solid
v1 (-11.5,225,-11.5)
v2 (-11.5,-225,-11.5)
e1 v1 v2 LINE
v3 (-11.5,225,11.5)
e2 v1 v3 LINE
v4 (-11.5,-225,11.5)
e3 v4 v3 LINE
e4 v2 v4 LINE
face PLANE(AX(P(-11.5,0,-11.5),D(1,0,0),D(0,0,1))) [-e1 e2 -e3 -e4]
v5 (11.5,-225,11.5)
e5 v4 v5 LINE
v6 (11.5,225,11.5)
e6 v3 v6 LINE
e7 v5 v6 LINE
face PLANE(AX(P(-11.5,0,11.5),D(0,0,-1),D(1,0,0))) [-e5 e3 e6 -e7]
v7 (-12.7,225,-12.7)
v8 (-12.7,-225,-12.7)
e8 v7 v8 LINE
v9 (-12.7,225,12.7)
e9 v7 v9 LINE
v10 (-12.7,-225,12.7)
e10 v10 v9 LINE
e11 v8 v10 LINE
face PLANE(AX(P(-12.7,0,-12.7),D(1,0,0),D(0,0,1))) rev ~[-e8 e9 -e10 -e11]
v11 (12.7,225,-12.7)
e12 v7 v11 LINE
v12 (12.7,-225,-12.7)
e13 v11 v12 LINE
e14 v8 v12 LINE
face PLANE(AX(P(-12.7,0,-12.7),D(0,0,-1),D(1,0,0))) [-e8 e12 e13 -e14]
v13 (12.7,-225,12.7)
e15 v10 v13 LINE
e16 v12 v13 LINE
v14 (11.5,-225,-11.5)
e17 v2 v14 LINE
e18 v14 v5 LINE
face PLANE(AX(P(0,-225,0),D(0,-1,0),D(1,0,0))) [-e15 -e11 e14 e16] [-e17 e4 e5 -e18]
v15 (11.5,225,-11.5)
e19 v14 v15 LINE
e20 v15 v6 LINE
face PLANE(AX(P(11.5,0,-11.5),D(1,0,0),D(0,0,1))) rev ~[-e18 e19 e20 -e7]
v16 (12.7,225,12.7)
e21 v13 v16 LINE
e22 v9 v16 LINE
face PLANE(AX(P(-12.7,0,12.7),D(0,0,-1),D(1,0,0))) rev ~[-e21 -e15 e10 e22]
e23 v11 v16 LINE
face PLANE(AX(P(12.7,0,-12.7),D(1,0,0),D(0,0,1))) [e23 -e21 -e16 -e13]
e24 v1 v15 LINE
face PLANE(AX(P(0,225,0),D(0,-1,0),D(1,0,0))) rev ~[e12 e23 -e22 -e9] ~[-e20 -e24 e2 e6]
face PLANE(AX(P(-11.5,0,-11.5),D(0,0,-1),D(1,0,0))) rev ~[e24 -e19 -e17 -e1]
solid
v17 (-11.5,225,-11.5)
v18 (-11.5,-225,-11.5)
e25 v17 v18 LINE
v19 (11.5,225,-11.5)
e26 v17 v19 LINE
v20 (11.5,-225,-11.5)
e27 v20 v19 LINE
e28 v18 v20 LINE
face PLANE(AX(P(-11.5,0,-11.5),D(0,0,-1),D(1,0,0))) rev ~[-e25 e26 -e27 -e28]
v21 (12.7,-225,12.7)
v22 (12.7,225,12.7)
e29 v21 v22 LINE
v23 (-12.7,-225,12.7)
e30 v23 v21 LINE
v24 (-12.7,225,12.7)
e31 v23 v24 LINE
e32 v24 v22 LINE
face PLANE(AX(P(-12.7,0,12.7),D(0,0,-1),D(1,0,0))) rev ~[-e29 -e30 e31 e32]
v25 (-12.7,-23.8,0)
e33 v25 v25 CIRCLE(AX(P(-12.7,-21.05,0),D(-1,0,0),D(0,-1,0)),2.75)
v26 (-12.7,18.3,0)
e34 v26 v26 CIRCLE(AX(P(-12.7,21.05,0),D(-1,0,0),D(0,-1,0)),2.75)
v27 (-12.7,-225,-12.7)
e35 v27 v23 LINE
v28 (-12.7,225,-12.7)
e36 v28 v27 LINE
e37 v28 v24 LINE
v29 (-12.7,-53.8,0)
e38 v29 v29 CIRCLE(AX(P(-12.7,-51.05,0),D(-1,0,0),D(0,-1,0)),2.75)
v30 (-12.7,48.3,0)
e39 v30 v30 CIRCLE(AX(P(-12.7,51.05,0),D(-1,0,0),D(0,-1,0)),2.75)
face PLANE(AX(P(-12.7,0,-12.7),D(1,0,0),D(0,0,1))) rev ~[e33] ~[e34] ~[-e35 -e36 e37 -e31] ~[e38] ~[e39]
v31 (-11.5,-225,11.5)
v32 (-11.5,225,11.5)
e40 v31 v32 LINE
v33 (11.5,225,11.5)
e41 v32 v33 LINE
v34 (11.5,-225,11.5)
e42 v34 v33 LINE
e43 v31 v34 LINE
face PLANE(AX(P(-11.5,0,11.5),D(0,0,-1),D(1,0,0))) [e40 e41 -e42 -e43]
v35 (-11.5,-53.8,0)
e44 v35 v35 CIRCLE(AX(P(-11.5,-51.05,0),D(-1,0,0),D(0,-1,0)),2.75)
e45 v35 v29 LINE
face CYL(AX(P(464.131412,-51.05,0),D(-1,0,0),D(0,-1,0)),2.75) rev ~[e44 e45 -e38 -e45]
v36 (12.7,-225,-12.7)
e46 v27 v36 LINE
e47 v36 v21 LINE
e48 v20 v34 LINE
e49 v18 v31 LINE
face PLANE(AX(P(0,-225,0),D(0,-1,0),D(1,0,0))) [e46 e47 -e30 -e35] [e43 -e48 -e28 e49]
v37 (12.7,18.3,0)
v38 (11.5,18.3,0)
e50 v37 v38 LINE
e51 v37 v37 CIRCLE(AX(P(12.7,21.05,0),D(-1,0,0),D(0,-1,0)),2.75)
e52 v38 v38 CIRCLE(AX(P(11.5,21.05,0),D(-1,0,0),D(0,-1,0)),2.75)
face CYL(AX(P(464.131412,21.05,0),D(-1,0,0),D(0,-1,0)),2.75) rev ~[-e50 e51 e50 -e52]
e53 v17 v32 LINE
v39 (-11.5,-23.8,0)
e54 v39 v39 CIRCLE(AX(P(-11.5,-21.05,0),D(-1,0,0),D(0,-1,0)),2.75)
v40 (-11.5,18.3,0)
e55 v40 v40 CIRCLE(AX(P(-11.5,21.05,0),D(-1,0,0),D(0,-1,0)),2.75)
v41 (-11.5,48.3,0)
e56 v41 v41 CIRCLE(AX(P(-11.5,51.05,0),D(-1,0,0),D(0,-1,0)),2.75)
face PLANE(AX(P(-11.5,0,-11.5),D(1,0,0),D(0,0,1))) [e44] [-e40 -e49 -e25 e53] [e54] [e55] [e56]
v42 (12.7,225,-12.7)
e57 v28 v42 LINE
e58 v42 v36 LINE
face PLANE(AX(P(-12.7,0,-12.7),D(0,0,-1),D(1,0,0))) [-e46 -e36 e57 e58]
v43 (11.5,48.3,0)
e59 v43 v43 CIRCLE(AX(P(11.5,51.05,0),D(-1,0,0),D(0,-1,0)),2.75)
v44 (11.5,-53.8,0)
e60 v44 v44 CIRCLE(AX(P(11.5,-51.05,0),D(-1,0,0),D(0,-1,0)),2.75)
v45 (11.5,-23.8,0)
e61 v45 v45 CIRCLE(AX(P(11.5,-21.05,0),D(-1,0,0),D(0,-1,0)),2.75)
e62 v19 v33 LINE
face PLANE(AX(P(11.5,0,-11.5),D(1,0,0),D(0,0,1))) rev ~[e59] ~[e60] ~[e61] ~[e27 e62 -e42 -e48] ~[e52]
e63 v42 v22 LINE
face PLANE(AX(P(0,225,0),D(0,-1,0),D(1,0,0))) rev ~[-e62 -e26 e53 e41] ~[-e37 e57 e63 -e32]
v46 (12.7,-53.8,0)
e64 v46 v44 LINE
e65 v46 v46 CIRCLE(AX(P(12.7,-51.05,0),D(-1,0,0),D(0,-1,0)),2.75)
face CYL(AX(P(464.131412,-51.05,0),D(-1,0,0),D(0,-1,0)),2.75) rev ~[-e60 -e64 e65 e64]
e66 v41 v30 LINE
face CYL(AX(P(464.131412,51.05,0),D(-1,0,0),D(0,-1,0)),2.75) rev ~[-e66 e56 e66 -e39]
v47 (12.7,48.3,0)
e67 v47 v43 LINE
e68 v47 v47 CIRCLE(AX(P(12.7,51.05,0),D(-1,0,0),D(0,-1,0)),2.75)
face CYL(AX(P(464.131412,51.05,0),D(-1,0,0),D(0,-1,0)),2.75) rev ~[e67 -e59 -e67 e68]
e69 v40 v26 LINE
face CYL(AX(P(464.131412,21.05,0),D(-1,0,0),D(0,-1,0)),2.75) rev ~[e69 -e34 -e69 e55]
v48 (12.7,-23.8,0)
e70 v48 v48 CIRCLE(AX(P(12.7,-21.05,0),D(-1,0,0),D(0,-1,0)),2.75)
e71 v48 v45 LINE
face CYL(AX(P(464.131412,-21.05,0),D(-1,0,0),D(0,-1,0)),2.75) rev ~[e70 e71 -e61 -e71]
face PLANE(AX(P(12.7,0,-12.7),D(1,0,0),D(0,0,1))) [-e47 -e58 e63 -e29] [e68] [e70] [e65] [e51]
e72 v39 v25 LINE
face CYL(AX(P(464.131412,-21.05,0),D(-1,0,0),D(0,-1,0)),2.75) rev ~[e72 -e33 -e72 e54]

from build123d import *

# Parameters (mm, degrees)
F0_W     = 25.4
F0_H     = 25.4
F0_W_2   = 23
F0_H_2   = 23
F1_DEPTH = 225
F2_DEPTH = 225
F4_D     = 5.5


with BuildPart() as f1:
    # F0 (on Front) → F1 (new body, symmetric)
    with BuildSketch(Plane.XZ):
        Rectangle(F0_W, F0_H)
        Rectangle(F0_W_2, F0_H_2, mode=Mode.SUBTRACT)
    extrude(amount=F1_DEPTH, both=True)


with BuildPart() as f2:
    # F0 (on Front) → F2 (new body, symmetric)
    with BuildSketch(Plane.XZ):
        Rectangle(F0_W, F0_H)
        Rectangle(F0_W_2, F0_H_2, mode=Mode.SUBTRACT)
    extrude(amount=F2_DEPTH, both=True)

    # F4 (through all)
    with Locations(Plane.YZ.offset(12.7)):
        with Locations((-51.05, 0), (-21.05, 0), (21.05, 0), (51.05, 0)):
            Hole(F4_D / 2)


solid = Compound([f1.part, f2.part])
